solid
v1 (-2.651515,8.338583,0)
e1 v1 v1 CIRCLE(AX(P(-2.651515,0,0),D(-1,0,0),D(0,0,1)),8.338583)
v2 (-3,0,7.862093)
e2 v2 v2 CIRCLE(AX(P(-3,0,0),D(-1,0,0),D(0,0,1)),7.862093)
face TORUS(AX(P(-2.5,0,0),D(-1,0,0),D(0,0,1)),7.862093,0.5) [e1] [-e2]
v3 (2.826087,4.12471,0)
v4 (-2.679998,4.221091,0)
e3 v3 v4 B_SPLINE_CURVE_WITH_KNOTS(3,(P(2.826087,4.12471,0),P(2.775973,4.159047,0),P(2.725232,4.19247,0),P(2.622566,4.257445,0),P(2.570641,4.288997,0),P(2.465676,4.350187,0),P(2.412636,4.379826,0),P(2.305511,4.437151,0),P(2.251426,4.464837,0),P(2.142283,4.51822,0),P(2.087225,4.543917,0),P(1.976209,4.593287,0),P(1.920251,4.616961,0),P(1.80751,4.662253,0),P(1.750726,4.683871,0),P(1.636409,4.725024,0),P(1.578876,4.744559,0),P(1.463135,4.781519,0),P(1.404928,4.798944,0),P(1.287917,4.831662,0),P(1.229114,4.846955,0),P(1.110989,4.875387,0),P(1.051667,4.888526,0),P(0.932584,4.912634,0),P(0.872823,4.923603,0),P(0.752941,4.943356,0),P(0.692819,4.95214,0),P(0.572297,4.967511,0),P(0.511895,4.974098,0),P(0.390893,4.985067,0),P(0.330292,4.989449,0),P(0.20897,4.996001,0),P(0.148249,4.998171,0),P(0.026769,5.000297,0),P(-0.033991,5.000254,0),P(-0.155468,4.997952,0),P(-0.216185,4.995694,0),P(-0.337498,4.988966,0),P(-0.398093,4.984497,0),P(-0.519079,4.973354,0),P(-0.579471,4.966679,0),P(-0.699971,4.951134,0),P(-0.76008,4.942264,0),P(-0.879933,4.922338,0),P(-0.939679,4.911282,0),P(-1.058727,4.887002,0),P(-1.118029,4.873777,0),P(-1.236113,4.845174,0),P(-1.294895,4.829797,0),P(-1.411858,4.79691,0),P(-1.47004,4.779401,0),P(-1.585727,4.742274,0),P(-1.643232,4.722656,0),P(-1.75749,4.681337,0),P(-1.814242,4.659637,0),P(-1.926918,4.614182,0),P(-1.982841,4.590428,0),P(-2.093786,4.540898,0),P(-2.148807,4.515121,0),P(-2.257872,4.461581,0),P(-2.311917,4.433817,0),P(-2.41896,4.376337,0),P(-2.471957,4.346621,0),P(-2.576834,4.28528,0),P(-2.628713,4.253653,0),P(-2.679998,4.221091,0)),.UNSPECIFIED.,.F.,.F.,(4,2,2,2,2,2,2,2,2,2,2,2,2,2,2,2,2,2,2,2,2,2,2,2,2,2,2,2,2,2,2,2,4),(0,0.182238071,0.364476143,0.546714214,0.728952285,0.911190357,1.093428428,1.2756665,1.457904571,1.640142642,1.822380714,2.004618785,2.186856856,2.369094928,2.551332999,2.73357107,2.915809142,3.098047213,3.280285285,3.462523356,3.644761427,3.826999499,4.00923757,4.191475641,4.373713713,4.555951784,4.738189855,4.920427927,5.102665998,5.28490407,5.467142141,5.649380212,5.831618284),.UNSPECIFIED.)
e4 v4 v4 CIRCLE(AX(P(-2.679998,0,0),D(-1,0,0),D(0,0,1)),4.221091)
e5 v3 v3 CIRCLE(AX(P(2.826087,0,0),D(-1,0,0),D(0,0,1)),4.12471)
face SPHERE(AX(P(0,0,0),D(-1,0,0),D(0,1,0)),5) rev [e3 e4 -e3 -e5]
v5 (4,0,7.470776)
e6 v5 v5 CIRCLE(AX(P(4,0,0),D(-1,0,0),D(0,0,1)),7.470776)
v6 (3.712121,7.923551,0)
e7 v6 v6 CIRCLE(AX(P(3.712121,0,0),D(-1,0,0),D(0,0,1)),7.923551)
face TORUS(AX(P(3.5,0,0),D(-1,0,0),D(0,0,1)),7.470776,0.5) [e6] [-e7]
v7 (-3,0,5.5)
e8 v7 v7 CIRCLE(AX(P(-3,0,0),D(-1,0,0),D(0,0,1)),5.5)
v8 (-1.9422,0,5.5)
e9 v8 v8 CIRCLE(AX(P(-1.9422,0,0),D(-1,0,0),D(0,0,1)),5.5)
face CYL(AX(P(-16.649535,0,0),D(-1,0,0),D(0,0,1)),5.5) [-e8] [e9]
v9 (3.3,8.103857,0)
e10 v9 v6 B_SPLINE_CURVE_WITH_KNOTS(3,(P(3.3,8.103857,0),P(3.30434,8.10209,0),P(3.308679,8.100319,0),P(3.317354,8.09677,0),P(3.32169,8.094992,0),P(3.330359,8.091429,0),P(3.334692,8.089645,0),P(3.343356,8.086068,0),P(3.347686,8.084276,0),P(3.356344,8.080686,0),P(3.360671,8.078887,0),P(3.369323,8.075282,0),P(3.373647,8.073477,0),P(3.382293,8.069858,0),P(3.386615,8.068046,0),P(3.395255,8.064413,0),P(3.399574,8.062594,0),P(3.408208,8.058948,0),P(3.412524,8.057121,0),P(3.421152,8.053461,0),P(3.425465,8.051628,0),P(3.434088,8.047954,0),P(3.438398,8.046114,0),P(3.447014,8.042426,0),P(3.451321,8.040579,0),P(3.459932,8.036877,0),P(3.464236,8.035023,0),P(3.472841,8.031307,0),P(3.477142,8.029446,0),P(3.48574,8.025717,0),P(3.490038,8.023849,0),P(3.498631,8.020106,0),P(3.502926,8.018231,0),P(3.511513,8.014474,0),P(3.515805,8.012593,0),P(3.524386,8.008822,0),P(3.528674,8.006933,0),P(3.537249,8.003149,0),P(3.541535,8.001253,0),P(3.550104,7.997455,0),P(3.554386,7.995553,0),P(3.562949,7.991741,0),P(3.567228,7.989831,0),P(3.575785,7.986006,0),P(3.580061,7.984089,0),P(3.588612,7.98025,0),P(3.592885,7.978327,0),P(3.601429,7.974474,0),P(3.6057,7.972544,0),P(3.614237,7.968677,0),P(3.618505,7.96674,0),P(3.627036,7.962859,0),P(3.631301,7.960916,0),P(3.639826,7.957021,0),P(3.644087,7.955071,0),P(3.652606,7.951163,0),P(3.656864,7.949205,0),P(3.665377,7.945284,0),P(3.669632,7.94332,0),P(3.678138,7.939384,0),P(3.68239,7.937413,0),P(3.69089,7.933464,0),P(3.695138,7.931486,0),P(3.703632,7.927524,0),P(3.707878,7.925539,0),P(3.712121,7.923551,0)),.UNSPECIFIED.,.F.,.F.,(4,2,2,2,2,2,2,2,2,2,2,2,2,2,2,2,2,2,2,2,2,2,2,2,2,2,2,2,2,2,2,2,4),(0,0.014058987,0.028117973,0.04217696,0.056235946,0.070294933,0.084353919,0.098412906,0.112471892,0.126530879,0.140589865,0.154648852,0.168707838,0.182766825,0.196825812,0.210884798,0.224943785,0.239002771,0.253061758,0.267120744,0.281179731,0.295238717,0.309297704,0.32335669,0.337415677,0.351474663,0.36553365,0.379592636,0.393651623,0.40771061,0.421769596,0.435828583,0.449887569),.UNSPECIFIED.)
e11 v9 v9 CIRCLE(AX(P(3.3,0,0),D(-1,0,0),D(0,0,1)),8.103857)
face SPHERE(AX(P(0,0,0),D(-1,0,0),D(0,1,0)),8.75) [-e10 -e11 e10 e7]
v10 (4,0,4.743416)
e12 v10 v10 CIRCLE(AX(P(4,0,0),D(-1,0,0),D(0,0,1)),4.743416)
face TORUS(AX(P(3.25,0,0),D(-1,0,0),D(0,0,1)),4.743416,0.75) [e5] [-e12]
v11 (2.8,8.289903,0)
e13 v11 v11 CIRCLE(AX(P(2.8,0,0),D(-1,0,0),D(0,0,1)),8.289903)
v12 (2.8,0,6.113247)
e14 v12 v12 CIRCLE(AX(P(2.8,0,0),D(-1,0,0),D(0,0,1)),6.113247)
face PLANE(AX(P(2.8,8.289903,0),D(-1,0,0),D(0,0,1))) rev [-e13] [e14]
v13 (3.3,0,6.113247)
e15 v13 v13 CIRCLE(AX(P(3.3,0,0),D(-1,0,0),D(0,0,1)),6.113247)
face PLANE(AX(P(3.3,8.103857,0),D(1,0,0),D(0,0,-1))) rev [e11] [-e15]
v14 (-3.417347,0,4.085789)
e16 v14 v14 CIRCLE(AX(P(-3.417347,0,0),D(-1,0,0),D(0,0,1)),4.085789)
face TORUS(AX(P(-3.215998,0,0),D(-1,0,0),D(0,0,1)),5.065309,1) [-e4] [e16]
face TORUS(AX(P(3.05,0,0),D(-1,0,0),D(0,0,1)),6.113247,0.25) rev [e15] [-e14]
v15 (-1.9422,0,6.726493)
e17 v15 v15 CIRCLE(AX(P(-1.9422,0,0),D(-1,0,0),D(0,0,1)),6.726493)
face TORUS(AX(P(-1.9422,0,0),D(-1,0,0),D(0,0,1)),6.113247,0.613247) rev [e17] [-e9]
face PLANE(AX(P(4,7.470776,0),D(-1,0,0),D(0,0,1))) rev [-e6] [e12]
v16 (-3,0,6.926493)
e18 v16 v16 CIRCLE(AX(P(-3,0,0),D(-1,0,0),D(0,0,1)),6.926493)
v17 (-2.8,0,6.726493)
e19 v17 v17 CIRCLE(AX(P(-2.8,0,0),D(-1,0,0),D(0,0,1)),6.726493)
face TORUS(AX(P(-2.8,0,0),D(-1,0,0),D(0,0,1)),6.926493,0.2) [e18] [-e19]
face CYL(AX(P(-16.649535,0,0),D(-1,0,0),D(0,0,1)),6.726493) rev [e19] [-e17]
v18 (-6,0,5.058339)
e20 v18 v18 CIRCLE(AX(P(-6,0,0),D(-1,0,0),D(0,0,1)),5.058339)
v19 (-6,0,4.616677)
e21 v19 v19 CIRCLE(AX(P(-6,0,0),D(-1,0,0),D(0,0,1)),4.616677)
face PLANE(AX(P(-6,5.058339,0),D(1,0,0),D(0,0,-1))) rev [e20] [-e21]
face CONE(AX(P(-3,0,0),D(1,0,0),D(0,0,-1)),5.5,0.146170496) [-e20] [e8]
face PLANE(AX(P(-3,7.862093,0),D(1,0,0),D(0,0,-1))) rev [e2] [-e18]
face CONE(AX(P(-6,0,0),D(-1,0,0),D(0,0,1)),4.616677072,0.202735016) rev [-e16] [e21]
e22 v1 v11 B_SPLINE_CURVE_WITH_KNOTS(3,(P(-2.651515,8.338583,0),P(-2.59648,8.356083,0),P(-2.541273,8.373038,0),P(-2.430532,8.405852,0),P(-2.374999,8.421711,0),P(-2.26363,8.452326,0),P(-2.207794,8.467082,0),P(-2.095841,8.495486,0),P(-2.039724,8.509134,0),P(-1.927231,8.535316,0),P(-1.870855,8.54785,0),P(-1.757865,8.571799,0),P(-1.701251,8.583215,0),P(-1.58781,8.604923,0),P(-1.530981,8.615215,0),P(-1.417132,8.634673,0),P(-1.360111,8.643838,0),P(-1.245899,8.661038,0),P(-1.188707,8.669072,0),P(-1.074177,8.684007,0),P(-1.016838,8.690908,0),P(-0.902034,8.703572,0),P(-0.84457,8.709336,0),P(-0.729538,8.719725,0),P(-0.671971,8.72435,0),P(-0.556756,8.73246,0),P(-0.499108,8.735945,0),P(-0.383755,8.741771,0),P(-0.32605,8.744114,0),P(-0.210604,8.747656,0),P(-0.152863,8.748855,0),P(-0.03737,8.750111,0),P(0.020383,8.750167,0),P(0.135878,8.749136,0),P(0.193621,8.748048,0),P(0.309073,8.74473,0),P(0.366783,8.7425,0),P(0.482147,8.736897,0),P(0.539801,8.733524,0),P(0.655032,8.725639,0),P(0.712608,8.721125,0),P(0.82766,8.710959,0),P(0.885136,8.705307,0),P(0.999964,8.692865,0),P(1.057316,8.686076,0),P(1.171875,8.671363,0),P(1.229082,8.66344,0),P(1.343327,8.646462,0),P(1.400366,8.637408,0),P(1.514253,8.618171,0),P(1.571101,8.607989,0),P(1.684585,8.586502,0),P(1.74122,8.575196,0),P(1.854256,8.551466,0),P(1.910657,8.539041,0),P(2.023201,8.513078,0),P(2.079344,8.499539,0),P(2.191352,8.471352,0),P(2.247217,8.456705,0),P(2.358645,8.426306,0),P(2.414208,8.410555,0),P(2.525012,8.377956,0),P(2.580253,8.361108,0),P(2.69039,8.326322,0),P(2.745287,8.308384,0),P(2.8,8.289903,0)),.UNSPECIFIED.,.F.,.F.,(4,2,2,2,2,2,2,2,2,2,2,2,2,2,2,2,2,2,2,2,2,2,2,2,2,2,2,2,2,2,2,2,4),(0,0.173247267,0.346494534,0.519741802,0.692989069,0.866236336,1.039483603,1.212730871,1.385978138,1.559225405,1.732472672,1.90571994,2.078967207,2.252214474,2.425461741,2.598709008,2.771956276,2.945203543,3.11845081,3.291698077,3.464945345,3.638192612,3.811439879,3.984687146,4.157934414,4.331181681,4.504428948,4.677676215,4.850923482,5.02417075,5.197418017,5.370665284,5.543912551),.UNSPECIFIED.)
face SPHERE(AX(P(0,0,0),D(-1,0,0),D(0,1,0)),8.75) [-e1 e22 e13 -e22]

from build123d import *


with BuildPart() as part:
    # Esquisse1 → Base-Révolution (revolve)
    with BuildSketch(Plane.XY):
        with BuildLine():
            Line((-6, 5.058338536), (-6, 4.616677072))
            Line((-6, 4.616677072), (-3.417347261, 4.085789496))
            ThreePointArc((-3.417347261, 4.085789496), (-3.035514456, 4.081731073), (-2.679998482, 4.221090871))
            ThreePointArc((-2.679998482, 4.221090871), (0.087508737, 4.999234163), (2.826086957, 4.124709992))
            ThreePointArc((2.826086957, 4.124709992), (3.599689303, 4.079927688), (4, 4.74341649))
            Line((4, 4.74341649), (4, 7.470776399))
            ThreePointArc((4, 7.470776399), (3.921936373, 7.739048084), (3.712121212, 7.923550726))
            ThreePointArc((3.712121212, 7.923550726), (3.507219493, 8.016352751), (3.3, 8.103857106))
            Line((3.3, 8.103857106), (3.3, 6.113246715))
            ThreePointArc((3.3, 6.113246715), (3.05, 5.863246715), (2.8, 6.113246715))
            Line((2.8, 6.113246715), (2.8, 8.289903498))
            ThreePointArc((2.8, 8.289903498), (0.078130419, 8.749651172), (-2.651515152, 8.338583057))
            ThreePointArc((-2.651515152, 8.338583057), (-2.903582442, 8.157255623), (-3, 7.862092597))
            Line((-3, 7.862092597), (-3, 6.92649343))
            ThreePointArc((-3, 6.92649343), (-2.941421356, 6.785072074), (-2.8, 6.72649343))
            Line((-2.8, 6.72649343), (-1.942199978, 6.72649343))
            ThreePointArc((-1.942199978, 6.72649343), (-1.328953263, 6.113246715), (-1.942199978, 5.5))
            Line((-1.942199978, 5.5), (-3, 5.5))
            Line((-3, 5.5), (-6, 5.058338536))
        make_face()
    revolve(axis=Axis((-16.649534831, 0, 0), (1, 0, 0)))


solid = part.part
